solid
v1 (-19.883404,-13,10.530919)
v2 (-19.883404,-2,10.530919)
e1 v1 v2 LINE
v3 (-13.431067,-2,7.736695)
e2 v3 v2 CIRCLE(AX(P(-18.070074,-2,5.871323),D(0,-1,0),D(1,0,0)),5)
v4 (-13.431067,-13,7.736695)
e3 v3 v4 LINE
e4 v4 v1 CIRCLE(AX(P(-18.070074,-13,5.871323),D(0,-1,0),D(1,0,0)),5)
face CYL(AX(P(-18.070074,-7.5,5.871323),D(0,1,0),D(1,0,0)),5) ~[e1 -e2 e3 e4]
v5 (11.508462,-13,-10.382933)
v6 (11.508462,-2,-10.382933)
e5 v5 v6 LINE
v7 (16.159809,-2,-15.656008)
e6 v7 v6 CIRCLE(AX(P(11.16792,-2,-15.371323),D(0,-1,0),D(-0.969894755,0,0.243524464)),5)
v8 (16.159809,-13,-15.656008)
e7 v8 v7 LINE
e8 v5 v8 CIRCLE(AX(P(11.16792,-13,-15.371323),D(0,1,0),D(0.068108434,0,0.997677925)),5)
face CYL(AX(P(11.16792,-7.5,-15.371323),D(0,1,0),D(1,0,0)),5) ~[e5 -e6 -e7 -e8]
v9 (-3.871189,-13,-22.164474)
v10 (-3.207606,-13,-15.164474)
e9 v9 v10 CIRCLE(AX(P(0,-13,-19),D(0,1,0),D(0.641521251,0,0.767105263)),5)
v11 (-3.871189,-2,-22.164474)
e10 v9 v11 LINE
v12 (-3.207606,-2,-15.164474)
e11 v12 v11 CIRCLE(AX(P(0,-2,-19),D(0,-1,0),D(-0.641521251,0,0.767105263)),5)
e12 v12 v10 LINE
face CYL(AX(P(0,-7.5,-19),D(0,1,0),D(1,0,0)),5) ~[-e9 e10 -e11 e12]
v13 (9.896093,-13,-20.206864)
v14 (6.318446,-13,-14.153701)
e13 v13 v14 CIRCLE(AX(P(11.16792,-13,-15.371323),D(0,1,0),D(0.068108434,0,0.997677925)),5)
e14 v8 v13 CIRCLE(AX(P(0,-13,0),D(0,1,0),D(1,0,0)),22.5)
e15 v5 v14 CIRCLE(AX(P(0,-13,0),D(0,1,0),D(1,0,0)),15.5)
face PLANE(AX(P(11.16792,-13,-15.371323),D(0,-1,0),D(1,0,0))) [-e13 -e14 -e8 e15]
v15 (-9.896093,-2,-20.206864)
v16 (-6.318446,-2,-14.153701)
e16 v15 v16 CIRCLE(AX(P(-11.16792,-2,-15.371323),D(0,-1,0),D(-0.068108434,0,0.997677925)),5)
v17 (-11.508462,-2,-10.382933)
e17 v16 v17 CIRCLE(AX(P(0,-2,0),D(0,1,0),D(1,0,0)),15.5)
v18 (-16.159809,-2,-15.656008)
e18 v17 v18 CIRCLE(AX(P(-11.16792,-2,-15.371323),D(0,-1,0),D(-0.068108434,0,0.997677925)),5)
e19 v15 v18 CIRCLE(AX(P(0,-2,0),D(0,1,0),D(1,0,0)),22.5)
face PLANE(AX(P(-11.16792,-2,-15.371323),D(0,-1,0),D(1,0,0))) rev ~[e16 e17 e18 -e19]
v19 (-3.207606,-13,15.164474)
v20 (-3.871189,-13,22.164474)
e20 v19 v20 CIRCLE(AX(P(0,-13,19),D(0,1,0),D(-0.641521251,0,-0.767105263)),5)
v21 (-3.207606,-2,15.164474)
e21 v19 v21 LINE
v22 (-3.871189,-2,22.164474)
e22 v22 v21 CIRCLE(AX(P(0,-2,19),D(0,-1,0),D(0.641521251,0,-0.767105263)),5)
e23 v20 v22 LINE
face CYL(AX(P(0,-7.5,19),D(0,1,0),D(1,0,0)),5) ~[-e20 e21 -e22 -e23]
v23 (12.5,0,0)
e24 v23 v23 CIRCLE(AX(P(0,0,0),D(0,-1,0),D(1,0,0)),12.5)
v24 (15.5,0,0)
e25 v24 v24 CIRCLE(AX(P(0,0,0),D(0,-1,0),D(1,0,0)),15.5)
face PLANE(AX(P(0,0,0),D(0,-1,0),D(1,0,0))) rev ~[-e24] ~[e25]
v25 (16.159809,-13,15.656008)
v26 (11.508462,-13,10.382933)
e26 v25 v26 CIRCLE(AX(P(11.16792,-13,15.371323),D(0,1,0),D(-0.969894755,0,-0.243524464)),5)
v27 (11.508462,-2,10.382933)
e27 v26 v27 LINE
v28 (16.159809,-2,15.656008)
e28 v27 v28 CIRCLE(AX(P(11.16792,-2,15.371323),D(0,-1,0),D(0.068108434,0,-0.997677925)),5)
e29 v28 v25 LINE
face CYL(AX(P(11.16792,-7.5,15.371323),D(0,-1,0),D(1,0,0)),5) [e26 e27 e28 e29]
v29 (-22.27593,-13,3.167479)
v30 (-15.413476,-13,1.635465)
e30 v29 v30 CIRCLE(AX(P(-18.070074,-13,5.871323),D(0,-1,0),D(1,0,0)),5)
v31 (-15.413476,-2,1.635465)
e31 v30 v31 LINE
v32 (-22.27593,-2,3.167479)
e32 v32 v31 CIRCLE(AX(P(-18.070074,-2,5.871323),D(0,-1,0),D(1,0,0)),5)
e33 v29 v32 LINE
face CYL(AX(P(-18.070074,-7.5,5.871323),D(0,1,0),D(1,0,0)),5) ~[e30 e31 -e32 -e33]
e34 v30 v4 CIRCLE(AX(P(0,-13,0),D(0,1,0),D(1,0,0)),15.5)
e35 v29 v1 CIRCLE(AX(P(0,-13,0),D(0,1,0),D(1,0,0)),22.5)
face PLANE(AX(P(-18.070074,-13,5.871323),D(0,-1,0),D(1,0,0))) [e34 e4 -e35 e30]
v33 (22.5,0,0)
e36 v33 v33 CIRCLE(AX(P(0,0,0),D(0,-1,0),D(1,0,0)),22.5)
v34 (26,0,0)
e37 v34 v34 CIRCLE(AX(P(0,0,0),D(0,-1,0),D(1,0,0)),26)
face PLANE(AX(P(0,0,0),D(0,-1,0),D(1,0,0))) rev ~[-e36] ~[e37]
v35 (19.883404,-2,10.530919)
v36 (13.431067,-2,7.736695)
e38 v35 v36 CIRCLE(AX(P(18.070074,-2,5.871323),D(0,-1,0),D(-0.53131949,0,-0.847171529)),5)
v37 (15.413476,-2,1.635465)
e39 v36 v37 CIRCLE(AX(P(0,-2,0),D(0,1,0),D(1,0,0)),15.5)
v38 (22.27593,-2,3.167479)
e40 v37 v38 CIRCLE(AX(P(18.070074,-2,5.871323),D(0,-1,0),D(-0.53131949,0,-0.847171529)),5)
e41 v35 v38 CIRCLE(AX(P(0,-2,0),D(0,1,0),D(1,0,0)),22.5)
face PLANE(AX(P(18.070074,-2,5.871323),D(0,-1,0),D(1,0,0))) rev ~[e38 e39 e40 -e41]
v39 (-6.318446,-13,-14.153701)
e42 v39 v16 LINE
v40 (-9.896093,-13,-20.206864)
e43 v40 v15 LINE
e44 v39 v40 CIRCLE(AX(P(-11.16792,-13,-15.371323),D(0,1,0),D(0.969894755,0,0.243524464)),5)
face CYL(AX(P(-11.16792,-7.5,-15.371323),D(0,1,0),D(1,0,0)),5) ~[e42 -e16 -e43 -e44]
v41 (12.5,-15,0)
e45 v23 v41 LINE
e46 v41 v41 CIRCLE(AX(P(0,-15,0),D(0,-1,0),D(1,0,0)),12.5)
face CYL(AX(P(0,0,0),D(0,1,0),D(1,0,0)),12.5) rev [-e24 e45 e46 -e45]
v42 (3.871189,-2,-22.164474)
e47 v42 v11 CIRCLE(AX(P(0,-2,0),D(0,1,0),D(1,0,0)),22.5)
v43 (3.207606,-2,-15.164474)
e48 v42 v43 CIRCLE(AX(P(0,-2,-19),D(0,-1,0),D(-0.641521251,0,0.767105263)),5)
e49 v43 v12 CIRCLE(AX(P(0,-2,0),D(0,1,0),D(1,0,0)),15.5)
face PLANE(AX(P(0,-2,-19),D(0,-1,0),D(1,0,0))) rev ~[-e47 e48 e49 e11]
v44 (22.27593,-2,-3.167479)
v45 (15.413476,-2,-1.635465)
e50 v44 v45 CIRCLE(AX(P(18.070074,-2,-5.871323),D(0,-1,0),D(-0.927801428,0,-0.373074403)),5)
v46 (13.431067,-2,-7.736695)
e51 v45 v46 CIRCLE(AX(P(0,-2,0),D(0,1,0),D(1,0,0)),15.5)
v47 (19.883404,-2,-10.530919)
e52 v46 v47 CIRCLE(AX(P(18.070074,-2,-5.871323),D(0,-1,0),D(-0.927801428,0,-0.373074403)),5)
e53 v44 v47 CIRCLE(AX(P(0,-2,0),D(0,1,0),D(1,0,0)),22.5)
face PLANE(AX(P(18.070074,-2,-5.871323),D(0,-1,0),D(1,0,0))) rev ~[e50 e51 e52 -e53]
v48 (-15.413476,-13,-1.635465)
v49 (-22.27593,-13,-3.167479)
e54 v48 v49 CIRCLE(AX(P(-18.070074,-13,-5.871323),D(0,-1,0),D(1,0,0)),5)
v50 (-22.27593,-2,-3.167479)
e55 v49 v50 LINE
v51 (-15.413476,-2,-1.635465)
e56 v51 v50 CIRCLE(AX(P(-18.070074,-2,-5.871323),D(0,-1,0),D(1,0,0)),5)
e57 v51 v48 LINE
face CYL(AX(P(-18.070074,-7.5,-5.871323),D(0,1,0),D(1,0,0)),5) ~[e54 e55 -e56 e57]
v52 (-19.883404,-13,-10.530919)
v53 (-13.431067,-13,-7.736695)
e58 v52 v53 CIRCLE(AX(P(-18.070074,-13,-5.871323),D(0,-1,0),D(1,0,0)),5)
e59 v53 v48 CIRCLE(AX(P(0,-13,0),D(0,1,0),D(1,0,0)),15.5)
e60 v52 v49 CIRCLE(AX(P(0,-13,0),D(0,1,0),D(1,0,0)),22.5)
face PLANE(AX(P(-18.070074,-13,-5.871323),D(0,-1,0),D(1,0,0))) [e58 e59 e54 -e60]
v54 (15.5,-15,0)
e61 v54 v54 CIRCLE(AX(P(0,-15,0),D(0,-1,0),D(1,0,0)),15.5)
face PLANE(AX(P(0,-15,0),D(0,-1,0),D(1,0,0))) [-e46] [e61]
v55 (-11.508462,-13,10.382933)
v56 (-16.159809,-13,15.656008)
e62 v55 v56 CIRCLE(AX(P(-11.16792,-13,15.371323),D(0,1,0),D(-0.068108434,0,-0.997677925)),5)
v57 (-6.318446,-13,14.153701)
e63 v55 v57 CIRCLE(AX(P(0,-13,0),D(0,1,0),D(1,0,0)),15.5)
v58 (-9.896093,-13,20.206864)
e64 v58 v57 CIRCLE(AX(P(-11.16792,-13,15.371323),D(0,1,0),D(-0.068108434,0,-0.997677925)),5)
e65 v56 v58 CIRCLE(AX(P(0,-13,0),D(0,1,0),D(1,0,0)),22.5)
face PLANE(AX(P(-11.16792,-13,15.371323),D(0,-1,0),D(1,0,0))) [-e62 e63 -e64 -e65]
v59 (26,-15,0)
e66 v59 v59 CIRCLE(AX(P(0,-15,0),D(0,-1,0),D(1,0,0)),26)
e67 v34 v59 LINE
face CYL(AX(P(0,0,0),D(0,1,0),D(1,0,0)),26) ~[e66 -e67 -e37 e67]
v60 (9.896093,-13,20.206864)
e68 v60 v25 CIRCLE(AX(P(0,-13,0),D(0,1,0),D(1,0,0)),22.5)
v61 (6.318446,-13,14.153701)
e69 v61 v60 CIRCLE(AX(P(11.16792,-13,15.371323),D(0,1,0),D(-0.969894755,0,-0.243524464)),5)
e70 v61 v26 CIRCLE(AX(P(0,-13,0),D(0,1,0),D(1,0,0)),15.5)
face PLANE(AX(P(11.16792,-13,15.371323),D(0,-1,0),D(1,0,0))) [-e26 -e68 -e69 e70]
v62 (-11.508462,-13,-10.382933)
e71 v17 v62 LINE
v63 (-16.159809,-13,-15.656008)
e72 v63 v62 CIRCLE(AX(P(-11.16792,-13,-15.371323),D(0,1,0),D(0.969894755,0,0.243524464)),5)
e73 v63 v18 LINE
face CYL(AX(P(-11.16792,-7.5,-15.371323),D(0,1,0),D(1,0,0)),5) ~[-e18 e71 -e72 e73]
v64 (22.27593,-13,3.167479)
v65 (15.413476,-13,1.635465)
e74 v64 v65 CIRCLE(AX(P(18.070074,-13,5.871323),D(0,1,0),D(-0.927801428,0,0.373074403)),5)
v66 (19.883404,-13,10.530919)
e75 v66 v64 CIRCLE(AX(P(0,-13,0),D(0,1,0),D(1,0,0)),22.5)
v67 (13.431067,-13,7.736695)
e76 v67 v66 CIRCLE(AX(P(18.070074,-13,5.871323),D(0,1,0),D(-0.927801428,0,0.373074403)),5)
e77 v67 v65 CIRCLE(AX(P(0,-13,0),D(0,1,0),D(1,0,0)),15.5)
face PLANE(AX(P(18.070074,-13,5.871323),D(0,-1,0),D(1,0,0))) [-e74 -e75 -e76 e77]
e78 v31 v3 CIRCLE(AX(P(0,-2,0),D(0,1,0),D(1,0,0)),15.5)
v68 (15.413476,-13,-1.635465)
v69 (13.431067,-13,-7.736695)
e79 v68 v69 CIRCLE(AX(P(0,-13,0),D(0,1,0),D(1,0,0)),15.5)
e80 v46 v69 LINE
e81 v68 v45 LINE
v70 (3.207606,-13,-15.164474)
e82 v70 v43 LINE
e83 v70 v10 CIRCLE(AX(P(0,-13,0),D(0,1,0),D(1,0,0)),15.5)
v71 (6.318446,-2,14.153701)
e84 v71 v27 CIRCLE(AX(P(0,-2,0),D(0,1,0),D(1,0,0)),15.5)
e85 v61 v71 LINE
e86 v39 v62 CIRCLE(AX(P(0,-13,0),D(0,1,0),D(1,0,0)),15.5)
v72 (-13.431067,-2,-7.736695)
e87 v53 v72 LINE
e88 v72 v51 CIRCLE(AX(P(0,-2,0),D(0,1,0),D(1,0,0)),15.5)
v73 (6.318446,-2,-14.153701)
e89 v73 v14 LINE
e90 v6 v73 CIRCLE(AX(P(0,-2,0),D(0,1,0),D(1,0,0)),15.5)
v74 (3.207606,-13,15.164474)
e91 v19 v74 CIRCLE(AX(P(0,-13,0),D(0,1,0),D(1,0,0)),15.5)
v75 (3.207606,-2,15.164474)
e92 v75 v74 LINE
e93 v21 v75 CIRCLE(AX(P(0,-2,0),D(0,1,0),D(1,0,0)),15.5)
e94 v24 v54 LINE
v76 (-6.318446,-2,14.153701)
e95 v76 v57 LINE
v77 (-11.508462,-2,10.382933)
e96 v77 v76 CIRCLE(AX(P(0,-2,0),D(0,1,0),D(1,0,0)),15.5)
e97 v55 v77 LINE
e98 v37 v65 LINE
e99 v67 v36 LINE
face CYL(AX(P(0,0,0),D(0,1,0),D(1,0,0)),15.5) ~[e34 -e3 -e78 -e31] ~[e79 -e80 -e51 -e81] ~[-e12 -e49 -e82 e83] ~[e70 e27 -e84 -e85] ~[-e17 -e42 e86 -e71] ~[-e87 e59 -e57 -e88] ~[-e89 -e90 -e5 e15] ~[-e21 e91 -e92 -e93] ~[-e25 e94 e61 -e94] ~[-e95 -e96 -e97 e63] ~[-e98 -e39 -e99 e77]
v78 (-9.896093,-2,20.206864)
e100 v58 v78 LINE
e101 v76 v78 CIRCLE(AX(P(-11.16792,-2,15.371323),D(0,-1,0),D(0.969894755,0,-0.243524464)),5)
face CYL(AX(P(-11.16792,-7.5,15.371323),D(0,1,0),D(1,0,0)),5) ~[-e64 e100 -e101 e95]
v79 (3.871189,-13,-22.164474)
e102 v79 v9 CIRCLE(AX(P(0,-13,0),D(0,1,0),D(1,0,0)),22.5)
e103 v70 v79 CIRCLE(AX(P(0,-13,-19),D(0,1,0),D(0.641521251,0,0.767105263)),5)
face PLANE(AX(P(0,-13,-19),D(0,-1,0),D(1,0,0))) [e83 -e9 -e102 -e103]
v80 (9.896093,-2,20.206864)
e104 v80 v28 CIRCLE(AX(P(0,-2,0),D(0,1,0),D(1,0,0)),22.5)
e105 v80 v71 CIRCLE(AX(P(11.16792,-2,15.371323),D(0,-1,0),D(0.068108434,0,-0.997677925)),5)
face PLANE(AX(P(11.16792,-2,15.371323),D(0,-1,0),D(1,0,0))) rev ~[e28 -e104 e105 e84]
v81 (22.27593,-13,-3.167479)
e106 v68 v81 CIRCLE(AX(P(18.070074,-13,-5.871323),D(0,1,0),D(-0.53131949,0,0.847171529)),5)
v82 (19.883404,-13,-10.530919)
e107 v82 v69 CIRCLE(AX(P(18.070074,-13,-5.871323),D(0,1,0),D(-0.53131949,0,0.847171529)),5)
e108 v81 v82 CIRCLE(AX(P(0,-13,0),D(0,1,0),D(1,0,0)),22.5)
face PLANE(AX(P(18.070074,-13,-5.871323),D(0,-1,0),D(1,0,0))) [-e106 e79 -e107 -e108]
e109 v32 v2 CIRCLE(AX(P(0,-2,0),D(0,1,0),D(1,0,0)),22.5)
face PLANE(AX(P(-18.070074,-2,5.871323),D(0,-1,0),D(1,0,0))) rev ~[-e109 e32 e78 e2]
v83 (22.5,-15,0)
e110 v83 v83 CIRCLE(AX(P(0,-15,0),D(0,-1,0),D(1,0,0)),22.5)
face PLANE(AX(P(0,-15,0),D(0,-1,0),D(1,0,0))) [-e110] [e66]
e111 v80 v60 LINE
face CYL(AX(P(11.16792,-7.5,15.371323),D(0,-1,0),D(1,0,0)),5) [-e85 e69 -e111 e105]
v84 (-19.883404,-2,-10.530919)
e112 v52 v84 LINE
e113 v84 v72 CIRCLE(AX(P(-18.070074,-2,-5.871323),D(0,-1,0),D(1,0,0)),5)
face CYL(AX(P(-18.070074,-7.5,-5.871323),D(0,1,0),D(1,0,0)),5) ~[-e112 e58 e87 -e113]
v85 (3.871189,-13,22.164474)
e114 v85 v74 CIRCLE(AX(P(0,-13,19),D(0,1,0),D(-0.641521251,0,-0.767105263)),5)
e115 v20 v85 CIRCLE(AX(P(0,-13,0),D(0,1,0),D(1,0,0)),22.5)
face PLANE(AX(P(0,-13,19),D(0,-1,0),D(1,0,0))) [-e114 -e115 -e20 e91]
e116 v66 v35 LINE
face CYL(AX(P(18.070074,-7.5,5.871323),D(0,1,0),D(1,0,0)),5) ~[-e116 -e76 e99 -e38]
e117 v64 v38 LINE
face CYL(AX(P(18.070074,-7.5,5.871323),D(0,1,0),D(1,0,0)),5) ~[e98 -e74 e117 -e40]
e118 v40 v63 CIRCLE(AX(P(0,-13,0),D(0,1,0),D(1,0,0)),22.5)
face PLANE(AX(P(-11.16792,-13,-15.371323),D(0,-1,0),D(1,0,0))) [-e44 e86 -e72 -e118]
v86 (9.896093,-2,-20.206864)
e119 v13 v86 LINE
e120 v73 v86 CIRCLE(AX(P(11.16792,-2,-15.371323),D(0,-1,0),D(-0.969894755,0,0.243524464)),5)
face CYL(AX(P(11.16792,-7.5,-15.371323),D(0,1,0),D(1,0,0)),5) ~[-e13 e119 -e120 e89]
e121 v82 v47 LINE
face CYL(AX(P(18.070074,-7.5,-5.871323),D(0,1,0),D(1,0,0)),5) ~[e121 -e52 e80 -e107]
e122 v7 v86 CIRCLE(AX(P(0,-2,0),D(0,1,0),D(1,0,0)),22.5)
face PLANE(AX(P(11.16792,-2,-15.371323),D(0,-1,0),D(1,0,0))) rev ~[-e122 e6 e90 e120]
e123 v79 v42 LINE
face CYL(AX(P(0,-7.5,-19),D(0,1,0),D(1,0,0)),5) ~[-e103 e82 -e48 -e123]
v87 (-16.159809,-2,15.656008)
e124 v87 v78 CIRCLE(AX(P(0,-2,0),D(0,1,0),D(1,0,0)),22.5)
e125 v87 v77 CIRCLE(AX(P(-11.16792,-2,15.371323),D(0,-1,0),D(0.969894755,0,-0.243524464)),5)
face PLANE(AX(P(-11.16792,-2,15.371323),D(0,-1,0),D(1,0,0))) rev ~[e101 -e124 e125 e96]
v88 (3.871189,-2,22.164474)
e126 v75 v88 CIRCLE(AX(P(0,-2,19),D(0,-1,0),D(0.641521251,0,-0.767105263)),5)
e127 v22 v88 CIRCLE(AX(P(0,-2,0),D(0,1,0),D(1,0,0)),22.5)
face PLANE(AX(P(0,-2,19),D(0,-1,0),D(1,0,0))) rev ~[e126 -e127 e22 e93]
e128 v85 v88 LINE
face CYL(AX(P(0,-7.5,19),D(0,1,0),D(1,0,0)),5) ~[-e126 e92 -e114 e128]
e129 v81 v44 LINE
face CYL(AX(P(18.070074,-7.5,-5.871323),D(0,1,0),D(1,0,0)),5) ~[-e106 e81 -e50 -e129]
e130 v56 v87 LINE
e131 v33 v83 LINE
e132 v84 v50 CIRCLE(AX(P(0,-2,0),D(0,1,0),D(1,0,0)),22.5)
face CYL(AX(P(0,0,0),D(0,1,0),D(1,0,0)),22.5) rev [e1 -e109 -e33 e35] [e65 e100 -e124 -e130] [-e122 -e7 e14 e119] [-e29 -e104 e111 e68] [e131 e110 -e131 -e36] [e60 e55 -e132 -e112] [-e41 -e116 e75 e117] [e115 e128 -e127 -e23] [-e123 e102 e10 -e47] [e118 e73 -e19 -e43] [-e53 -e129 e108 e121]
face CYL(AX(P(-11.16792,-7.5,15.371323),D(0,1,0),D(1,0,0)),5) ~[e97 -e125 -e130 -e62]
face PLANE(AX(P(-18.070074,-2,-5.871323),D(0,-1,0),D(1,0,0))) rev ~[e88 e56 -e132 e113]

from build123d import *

# Parameters (mm, degrees)
F2_R     = 15.5
F2_R_2   = 12.5
F4_DEPTH = 15
F3_R     = 5
F5_DEPTH = 5.5
F1_R     = 26
F1_R_2   = 22.5
F6_DEPTH = 15


with BuildPart() as f4:
    # F2 (on Front) → F4 (new body)
    with BuildSketch(Plane.XZ):
        Circle(F2_R)
        Circle(F2_R_2, mode=Mode.SUBTRACT)
    extrude(amount=F4_DEPTH)

    # F3 (on offset) → F5 (join, symmetric)
    with BuildSketch(Plane.XZ.offset(7.5)):
        with Locations((0, 19)):
            Circle(F3_R)
        with Locations((-11.1679197936, 15.3713228931)):
            Circle(F3_R)
        with Locations((-18.0700738096, 5.8713228931)):
            Circle(F3_R)
        with Locations((-18.0700738096, -5.8713228931)):
            Circle(F3_R)
        with Locations((-11.1679197936, -15.3713228931)):
            Circle(F3_R)
        with Locations((0, -19)):
            Circle(F3_R)
        with Locations((11.1679197936, -15.3713228931)):
            Circle(F3_R)
        with Locations((18.0700738096, -5.8713228931)):
            Circle(F3_R)
        with Locations((18.0700738096, 5.8713228931)):
            Circle(F3_R)
        with Locations((11.1679197936, 15.3713228931)):
            Circle(F3_R)
    extrude(amount=F5_DEPTH, both=True)

    # F1 (on Front) → F6 (join)
    with BuildSketch(Plane.XZ):
        Circle(F1_R)
        Circle(F1_R_2, mode=Mode.SUBTRACT)
    extrude(amount=F6_DEPTH)


solid = f4.part
